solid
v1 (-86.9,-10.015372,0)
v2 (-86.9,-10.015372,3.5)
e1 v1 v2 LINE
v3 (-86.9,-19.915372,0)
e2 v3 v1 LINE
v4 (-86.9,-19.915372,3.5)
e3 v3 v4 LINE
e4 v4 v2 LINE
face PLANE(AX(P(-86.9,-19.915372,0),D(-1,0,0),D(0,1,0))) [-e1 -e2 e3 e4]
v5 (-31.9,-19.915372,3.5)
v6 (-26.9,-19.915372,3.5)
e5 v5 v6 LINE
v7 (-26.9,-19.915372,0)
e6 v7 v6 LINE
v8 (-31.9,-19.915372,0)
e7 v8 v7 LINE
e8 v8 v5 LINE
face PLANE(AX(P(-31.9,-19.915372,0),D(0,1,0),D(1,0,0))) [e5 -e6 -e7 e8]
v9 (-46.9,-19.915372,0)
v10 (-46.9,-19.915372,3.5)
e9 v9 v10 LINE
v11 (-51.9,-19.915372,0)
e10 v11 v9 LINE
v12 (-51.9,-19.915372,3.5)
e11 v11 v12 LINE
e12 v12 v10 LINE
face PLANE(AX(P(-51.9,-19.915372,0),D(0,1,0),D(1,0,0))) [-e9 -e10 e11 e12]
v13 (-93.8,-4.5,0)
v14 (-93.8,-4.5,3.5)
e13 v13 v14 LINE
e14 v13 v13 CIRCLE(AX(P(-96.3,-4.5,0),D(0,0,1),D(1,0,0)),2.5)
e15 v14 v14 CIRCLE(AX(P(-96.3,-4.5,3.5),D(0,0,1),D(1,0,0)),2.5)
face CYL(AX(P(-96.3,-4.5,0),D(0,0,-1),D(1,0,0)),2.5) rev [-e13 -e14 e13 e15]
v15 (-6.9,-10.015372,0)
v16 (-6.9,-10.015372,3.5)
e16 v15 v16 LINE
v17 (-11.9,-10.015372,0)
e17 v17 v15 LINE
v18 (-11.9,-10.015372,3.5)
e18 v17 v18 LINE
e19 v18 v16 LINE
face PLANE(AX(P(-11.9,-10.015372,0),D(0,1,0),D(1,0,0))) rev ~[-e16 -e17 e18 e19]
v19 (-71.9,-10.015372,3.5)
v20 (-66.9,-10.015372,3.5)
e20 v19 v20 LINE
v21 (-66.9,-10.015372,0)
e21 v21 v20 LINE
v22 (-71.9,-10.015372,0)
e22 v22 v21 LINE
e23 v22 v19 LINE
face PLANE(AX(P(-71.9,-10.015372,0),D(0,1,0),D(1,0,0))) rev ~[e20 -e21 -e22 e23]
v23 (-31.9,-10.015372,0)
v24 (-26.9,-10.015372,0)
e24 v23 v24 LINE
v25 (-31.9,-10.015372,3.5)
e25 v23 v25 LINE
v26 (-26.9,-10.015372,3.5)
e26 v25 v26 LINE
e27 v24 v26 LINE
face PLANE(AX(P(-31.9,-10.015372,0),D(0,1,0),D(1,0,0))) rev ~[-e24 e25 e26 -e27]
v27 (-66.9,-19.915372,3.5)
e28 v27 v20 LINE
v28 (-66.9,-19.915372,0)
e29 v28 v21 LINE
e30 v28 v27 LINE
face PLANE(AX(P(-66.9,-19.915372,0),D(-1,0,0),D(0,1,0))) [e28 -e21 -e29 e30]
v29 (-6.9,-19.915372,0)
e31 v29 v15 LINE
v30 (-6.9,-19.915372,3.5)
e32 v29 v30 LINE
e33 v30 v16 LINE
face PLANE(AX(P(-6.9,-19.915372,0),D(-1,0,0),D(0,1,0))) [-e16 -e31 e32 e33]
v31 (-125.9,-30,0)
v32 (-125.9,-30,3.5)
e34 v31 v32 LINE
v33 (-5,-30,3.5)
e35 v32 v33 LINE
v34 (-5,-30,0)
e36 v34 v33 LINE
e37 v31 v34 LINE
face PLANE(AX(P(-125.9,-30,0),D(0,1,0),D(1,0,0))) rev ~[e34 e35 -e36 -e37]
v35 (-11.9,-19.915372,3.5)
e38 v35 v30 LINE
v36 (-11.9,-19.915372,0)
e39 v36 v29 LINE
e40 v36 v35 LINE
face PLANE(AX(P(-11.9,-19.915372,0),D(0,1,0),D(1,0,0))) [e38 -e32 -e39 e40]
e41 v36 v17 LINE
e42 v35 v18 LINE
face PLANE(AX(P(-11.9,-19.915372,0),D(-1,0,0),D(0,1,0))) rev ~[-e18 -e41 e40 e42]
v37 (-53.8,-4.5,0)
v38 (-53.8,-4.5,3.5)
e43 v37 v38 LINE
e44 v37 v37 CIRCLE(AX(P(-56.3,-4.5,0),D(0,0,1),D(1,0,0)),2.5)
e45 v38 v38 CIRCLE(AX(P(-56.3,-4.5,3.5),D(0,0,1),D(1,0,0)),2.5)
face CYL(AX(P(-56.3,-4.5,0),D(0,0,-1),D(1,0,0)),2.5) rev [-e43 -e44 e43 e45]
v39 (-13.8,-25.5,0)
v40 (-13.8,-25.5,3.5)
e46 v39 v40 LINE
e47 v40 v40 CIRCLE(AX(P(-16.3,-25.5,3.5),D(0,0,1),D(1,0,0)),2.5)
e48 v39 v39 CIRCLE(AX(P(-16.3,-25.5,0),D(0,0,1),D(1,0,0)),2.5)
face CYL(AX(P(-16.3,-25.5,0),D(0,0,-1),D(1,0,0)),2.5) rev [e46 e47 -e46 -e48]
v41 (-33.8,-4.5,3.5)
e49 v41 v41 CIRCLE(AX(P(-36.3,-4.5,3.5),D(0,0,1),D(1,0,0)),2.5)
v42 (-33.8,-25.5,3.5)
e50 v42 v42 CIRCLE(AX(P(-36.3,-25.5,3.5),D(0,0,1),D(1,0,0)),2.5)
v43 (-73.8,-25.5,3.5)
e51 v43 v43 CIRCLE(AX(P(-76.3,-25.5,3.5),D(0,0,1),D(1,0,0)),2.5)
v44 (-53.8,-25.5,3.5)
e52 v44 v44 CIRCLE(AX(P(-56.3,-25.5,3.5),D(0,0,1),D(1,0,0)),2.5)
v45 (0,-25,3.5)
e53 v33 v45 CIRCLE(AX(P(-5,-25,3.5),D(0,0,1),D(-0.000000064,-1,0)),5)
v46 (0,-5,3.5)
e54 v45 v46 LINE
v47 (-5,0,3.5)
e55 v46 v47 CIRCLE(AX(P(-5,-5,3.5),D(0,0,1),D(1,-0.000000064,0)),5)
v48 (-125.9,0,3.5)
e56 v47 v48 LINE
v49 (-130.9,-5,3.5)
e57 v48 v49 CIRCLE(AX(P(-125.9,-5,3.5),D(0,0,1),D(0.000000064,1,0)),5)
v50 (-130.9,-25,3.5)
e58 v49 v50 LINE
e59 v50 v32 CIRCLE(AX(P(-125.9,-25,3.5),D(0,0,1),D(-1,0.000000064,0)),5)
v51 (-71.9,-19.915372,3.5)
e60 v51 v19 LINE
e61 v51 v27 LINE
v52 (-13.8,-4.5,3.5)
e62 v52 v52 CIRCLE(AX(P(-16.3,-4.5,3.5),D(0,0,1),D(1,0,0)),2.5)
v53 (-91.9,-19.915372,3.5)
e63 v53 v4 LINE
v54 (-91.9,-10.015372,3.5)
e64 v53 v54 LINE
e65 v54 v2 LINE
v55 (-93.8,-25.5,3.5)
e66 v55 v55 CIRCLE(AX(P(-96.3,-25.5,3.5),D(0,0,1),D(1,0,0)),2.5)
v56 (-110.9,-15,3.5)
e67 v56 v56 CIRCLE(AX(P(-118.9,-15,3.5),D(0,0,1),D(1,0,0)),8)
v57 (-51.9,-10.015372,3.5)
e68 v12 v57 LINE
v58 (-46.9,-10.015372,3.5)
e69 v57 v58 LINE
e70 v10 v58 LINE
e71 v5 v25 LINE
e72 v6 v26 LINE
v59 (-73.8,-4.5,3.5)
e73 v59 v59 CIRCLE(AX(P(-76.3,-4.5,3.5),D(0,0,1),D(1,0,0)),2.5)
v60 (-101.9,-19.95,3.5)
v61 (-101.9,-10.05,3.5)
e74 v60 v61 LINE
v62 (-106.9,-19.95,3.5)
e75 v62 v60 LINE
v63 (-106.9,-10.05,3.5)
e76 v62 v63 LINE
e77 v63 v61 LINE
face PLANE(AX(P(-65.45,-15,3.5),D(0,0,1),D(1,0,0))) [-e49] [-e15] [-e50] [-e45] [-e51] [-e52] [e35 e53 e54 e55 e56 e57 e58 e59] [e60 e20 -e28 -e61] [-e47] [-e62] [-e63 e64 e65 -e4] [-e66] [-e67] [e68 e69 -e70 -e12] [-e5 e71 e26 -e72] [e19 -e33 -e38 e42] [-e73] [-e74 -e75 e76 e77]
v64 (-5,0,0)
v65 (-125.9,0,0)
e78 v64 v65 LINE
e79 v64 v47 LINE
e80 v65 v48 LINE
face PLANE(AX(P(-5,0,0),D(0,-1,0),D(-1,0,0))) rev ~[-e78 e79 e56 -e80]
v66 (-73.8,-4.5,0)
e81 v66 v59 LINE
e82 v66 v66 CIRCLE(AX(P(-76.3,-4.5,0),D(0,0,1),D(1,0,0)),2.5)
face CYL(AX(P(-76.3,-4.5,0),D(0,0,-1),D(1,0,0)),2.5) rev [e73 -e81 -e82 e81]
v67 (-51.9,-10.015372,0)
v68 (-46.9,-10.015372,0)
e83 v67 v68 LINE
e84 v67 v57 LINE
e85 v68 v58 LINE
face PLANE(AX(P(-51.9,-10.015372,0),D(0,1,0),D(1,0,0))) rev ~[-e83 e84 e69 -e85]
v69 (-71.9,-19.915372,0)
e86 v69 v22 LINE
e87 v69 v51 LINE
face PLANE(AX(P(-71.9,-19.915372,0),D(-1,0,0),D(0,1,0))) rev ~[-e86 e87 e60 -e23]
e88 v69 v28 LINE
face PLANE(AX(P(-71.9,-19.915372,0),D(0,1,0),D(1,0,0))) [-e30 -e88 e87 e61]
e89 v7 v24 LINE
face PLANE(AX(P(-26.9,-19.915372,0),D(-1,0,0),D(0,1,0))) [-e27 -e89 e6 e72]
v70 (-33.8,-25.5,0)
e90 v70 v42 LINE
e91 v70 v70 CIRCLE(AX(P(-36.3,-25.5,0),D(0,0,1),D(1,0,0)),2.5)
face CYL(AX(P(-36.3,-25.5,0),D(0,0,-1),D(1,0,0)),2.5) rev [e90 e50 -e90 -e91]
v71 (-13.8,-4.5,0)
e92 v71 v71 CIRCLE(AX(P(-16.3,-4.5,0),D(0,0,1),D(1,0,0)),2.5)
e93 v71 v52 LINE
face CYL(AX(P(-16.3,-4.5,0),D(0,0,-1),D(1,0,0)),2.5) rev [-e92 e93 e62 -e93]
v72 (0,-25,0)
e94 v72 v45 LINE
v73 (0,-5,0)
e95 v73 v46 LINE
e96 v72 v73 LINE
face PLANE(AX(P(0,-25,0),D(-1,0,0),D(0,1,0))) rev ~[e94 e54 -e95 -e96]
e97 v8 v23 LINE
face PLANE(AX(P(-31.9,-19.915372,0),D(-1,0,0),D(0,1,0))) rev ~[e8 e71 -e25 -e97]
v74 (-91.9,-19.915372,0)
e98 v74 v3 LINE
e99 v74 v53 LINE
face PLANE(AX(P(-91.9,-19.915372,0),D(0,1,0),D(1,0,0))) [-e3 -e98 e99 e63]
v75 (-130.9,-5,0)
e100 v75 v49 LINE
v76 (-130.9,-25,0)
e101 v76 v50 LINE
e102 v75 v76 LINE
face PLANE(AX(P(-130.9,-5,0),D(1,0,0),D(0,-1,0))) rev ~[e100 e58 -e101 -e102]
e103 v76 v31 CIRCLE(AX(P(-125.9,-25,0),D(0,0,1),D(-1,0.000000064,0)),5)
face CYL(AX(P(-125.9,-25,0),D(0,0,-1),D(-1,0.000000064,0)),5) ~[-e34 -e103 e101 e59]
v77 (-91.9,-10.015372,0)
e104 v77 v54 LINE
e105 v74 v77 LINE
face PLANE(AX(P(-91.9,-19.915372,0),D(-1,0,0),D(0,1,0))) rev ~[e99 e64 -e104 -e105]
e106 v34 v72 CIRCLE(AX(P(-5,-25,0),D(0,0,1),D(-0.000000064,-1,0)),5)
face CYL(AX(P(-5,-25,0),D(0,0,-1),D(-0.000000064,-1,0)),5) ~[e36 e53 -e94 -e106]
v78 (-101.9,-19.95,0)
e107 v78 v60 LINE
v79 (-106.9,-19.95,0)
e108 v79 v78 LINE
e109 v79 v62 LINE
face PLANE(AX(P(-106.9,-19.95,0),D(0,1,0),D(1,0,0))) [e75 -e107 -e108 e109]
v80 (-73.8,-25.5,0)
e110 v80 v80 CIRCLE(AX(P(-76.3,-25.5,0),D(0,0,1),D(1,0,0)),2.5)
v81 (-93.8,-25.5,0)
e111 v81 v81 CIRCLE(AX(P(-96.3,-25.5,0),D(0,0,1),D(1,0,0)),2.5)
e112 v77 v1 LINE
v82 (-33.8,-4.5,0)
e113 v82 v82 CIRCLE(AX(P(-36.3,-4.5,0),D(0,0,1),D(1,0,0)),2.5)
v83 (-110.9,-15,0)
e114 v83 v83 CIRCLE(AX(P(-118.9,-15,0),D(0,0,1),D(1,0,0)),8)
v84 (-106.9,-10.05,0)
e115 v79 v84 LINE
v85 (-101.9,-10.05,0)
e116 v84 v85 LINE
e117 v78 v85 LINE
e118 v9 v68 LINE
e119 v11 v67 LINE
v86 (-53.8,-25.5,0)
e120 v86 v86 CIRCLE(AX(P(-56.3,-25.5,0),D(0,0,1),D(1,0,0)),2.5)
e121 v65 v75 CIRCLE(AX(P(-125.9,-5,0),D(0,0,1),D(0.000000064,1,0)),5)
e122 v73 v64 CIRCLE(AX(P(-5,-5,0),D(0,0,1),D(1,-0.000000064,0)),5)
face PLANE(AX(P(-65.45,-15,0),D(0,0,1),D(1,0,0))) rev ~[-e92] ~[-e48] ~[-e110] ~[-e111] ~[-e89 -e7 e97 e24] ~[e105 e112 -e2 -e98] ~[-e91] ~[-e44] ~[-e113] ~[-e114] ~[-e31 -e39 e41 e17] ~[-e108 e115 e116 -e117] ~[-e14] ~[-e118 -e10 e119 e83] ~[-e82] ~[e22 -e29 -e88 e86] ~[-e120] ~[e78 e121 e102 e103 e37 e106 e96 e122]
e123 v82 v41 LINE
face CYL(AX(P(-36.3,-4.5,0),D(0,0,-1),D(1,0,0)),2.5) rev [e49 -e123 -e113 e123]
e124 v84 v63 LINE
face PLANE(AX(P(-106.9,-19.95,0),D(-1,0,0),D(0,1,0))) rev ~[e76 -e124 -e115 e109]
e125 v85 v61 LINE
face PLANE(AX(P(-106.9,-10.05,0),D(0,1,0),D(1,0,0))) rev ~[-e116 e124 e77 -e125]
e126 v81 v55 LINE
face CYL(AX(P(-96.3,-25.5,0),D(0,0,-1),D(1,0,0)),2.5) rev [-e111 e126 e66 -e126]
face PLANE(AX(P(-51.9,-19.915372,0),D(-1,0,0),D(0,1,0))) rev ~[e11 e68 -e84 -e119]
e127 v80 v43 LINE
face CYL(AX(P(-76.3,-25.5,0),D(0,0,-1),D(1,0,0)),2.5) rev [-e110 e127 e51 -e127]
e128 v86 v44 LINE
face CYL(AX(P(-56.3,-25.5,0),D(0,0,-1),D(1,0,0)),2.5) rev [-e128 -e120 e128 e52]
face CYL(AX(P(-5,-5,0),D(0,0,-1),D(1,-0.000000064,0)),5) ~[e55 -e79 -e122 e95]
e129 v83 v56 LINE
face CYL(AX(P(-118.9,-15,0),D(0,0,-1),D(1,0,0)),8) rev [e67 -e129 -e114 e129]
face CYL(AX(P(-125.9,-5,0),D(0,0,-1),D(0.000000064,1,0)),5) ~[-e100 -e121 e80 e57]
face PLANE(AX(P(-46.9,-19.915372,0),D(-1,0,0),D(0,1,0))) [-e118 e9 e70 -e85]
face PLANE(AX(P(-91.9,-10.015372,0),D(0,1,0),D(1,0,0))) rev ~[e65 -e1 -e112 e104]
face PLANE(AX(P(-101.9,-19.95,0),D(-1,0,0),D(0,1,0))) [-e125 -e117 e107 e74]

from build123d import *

# Parameters (mm, degrees)
F0_R     = 2.5
F0_R_2   = 8
F0_W     = 5
F0_H     = 9.9
F1_DEPTH = 3.5


with BuildPart() as f1:
    # F0 (on Top) → F1 (new body)
    with BuildSketch(Plane.XY):
        with BuildLine():
            ThreePointArc((0, -5), (-1.464466, -1.464466), (-5, 0))
            Line((-5, 0), (-125.9, 0))
            ThreePointArc((-125.9, 0), (-129.435534, -1.464466), (-130.9, -5))
            Line((-130.9, -5), (-130.9, -25))
            ThreePointArc((-130.9, -25), (-129.435534, -28.535534), (-125.9, -30))
            Line((-125.9, -30), (-5, -30))
            ThreePointArc((-5, -30), (-1.464466, -28.535534), (0, -25))
            Line((0, -25), (0, -5))
        make_face()
        with Locations((-96.3, -25.5)):
            Circle(F0_R, mode=Mode.SUBTRACT)
        with Locations((-76.3, -25.5)):
            Circle(F0_R, mode=Mode.SUBTRACT)
        with Locations((-56.3, -25.5)):
            Circle(F0_R, mode=Mode.SUBTRACT)
        with Locations((-36.3, -25.5)):
            Circle(F0_R, mode=Mode.SUBTRACT)
        with Locations((-16.3, -25.5)):
            Circle(F0_R, mode=Mode.SUBTRACT)
        with Locations((-118.9, -15)):
            Circle(F0_R_2, mode=Mode.SUBTRACT)
        with Locations((-104.4, -15)):
            Rectangle(F0_W, F0_H, mode=Mode.SUBTRACT)
        with Locations((-89.4, -14.965372)):
            Rectangle(F0_W, F0_H, mode=Mode.SUBTRACT)
        with Locations((-69.4, -14.965372)):
            Rectangle(F0_W, F0_H, mode=Mode.SUBTRACT)
        with Locations((-96.3, -4.5)):
            Circle(F0_R, mode=Mode.SUBTRACT)
        with Locations((-76.3, -4.5)):
            Circle(F0_R, mode=Mode.SUBTRACT)
        with Locations((-49.4, -14.965372)):
            Rectangle(F0_W, F0_H, mode=Mode.SUBTRACT)
        with Locations((-29.4, -14.965372)):
            Rectangle(F0_W, F0_H, mode=Mode.SUBTRACT)
        with Locations((-9.4, -14.965372)):
            Rectangle(F0_W, F0_H, mode=Mode.SUBTRACT)
        with Locations((-56.3, -4.5)):
            Circle(F0_R, mode=Mode.SUBTRACT)
        with Locations((-36.3, -4.5)):
            Circle(F0_R, mode=Mode.SUBTRACT)
        with Locations((-16.3, -4.5)):
            Circle(F0_R, mode=Mode.SUBTRACT)
    extrude(amount=F1_DEPTH)


solid = f1.part
